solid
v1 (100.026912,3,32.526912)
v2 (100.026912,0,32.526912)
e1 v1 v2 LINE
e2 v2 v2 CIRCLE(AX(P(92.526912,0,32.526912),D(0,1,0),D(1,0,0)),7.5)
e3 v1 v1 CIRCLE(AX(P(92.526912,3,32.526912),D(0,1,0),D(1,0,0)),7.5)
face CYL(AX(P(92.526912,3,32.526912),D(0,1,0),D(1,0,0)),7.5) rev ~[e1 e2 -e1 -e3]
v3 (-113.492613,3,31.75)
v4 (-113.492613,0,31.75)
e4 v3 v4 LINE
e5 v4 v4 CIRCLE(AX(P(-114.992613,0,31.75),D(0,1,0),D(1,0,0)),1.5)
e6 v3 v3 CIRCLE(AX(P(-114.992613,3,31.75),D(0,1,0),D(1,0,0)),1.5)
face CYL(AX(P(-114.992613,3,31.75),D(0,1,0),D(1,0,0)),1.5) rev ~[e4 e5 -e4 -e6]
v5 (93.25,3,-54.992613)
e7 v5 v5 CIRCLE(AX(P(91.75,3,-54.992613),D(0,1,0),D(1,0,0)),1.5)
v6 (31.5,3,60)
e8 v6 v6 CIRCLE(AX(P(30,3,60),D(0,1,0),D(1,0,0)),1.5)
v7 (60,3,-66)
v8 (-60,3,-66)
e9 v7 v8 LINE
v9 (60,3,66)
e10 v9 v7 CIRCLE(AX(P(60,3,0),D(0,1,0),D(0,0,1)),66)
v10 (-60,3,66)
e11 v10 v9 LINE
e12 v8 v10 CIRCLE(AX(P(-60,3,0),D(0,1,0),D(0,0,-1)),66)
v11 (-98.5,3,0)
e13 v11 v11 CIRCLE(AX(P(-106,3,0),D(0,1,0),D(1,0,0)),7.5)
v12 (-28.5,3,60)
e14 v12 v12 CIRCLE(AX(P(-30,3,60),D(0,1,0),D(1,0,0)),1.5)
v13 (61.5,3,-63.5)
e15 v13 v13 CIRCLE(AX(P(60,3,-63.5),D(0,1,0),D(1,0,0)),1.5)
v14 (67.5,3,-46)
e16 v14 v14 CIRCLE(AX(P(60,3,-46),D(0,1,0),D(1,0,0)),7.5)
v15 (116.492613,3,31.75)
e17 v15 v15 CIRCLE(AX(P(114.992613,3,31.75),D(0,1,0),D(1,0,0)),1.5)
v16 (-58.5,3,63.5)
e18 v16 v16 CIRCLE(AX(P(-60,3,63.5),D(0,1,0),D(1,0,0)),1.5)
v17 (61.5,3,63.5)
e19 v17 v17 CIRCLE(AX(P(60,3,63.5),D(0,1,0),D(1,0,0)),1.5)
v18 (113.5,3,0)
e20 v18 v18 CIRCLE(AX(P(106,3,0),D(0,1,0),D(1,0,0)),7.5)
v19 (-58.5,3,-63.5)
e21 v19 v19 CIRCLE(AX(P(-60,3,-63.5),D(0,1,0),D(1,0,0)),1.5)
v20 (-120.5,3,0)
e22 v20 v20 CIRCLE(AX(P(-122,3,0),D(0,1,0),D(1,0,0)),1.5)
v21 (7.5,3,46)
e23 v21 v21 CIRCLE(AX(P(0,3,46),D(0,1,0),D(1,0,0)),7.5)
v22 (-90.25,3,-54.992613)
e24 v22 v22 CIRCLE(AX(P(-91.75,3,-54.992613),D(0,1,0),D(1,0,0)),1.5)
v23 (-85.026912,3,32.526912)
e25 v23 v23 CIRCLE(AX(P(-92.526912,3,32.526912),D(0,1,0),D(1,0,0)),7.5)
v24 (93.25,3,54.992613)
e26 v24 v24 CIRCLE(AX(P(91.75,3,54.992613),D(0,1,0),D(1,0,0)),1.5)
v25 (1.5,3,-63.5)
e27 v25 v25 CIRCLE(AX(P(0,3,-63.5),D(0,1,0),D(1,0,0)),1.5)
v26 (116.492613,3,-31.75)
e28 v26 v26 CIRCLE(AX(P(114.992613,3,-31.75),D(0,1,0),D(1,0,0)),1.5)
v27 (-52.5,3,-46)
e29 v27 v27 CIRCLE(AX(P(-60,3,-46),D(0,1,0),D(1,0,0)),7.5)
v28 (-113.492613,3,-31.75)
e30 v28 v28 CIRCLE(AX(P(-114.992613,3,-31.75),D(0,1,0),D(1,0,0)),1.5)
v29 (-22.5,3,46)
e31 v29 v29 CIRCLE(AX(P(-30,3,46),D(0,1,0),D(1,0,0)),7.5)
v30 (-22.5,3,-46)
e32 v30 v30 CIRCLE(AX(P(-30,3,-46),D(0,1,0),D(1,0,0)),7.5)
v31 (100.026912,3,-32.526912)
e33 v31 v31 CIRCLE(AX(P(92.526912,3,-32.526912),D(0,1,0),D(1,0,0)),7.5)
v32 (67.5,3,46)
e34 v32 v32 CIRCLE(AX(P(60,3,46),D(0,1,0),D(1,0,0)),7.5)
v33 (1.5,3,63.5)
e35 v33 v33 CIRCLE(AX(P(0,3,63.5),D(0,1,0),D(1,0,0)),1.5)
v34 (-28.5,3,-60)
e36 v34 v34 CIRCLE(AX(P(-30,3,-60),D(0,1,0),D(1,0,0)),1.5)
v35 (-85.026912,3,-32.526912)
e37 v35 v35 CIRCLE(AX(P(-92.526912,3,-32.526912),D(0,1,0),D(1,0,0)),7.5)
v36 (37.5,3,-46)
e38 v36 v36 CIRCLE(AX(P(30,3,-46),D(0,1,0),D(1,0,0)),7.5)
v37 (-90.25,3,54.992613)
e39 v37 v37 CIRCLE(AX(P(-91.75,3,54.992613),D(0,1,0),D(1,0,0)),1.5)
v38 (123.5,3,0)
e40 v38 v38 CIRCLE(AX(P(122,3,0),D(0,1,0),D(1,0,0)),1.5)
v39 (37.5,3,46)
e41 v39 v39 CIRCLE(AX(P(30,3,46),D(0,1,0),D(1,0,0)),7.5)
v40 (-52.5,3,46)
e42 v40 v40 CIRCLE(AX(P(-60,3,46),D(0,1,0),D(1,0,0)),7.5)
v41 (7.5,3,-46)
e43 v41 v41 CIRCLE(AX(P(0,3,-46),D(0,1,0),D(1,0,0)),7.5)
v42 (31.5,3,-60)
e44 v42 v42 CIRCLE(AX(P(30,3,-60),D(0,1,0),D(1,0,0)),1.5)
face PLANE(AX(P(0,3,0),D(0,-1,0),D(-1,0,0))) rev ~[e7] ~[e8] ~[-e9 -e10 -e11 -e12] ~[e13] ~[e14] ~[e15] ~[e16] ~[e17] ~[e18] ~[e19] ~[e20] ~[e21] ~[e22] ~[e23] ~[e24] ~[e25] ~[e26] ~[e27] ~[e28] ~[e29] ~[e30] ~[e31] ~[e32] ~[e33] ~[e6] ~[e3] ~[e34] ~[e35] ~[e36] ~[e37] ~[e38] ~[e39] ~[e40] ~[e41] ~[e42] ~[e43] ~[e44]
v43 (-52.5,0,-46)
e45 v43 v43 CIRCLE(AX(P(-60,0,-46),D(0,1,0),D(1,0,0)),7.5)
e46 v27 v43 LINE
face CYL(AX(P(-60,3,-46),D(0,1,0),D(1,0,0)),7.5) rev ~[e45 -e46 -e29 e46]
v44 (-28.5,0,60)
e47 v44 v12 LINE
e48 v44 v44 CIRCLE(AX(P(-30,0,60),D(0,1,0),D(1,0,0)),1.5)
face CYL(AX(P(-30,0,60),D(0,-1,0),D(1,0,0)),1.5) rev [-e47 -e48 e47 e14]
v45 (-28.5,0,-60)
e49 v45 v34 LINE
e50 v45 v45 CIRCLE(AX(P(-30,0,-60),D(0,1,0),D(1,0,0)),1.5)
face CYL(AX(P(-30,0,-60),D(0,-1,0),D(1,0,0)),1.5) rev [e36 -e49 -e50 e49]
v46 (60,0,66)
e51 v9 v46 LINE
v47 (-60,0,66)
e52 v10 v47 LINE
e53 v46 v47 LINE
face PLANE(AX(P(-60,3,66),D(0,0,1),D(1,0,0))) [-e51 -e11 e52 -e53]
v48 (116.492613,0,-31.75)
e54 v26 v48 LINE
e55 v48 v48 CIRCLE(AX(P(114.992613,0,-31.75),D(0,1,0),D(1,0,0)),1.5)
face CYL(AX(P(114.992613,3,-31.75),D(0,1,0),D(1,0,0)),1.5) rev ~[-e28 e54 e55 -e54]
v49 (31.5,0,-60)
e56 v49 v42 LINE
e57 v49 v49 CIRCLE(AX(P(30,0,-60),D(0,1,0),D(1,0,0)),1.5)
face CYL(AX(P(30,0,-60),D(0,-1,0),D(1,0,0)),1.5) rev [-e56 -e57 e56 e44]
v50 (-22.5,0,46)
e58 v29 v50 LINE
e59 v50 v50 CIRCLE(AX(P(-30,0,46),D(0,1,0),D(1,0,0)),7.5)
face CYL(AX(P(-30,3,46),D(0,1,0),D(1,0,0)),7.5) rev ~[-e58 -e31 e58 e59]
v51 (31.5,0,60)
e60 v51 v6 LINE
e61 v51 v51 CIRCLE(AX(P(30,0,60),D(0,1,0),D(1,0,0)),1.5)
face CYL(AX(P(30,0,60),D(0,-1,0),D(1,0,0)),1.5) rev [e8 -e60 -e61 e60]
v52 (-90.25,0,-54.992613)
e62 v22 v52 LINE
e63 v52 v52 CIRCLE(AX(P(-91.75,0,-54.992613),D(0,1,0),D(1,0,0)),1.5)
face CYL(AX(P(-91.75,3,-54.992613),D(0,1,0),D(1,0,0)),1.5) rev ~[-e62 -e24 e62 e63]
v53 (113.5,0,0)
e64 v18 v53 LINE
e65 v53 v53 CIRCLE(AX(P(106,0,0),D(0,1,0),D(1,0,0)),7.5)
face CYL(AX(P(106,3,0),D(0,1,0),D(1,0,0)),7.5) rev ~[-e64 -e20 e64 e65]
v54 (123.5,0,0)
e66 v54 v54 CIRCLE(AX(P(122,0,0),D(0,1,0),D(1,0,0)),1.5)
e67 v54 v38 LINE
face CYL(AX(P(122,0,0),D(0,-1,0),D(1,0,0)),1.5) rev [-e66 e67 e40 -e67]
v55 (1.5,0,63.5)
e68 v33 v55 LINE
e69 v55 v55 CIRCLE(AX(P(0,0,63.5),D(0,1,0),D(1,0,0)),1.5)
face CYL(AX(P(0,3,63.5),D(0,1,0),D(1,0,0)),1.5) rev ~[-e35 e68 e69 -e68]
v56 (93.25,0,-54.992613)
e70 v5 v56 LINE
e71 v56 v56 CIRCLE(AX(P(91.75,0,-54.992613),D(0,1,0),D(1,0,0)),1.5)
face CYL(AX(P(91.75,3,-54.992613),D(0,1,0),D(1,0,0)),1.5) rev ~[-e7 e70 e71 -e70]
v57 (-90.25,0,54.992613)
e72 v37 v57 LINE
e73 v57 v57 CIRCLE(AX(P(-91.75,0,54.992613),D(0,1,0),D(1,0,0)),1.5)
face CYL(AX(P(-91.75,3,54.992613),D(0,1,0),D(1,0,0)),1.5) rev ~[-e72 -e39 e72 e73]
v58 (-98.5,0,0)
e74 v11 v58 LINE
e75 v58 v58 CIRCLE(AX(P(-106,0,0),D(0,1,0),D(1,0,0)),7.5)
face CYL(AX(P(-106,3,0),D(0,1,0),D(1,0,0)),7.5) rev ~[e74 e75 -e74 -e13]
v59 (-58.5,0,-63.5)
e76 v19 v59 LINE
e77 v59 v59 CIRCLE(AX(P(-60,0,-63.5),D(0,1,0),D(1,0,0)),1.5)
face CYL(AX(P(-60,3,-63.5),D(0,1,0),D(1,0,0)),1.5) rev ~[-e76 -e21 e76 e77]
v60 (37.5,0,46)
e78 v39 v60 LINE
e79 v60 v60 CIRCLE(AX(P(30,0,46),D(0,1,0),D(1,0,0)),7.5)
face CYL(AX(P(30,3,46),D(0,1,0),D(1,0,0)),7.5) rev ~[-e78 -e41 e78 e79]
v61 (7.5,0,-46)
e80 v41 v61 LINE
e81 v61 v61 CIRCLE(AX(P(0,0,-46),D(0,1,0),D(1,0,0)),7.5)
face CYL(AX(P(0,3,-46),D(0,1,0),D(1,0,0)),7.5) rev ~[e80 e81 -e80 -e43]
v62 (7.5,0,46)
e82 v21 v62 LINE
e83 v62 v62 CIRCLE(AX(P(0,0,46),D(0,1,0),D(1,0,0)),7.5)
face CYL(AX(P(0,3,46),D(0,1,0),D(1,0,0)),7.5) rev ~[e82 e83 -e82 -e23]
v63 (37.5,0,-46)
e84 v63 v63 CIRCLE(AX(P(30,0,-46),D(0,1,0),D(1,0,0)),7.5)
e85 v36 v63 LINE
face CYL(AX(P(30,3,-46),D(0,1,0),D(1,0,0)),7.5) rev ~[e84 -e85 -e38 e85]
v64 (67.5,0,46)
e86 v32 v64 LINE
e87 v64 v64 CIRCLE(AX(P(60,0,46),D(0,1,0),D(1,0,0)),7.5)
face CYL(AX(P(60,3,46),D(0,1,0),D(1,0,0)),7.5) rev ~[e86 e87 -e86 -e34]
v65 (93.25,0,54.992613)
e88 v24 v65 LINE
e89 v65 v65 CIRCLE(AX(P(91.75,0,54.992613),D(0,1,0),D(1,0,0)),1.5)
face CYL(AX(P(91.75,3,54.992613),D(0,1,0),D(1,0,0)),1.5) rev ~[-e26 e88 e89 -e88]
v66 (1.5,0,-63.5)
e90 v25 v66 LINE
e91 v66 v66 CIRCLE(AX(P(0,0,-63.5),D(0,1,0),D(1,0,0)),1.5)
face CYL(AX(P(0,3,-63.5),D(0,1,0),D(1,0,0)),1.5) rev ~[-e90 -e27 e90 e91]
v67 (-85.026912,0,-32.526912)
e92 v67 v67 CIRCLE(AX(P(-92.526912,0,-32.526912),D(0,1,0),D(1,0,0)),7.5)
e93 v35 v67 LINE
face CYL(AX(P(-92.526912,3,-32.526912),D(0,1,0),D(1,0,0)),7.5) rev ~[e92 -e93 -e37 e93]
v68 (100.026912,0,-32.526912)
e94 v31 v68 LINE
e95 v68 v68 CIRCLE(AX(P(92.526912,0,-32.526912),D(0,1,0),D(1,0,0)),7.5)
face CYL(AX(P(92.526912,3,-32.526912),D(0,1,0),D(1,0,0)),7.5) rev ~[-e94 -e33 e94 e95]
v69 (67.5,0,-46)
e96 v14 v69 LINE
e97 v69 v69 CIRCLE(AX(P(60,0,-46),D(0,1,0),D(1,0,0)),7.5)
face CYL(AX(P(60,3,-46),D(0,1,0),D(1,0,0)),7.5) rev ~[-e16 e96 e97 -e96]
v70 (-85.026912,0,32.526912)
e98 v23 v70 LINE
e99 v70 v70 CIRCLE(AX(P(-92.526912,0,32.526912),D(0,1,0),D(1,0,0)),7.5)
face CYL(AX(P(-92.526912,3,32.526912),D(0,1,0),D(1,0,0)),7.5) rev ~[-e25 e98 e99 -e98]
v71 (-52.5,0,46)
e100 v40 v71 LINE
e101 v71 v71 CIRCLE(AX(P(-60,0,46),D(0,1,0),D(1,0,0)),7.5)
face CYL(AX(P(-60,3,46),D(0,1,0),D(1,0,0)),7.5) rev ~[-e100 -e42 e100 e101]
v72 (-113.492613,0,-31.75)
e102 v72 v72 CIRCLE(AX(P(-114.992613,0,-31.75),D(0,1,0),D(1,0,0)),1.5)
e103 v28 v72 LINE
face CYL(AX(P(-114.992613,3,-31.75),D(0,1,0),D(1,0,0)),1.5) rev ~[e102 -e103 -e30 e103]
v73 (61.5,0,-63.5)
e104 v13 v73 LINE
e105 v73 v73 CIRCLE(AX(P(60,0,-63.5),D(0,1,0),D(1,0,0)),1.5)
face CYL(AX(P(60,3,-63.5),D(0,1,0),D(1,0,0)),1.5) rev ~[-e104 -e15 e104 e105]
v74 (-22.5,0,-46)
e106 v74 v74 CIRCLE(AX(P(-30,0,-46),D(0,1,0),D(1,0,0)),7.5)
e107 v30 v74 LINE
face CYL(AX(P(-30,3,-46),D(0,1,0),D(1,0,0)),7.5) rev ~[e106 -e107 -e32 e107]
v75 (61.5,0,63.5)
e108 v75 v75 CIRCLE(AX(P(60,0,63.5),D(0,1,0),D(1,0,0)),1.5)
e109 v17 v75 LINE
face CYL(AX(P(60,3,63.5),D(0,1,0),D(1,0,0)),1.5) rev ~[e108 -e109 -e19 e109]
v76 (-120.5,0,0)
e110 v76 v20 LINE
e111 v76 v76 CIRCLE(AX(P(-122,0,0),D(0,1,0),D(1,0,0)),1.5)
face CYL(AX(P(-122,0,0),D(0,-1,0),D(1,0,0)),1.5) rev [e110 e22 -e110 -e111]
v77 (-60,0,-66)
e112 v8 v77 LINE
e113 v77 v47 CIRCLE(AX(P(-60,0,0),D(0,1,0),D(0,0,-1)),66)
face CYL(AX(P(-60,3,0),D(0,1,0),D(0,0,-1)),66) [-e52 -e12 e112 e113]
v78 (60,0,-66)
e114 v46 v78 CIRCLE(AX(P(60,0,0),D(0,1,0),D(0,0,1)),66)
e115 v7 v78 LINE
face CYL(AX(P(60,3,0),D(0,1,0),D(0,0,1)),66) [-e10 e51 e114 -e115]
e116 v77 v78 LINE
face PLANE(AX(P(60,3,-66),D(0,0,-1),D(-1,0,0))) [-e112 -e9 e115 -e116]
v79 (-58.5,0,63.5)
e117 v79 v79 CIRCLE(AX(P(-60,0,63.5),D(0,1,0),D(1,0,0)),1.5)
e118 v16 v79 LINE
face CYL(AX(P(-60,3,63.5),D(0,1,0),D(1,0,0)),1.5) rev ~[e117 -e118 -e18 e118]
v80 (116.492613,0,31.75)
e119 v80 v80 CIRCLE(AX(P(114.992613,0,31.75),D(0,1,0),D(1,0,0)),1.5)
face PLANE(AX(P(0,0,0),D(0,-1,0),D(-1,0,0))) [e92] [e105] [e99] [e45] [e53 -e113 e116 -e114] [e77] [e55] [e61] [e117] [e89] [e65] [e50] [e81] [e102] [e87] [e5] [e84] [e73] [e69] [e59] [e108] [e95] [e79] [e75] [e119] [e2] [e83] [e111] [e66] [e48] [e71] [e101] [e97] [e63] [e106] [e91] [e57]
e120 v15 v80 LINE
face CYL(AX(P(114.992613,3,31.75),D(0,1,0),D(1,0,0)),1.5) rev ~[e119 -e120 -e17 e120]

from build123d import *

# Parameters (mm, degrees)
SKETCH_1_R          = 1.5
EXTRUDE_2_DEPTH     = 3
CUT_EXTRUDE_1_DEPTH = 10
SKETCH_4_R          = 7.5
CUT_EXTRUDE_2_DEPTH = 10
SKETCH_5_R          = 1.5
CUT_EXTRUDE_3_DEPTH = 10


with BuildPart() as part:
    # 草图1 → 凸台-拉伸2 (new body)
    with BuildSketch(Plane(origin=(0, 0, 0), x_dir=(1, 0, 0), z_dir=(0, 1, 0))):
        with BuildLine():
            Line((-60, 70), (60, 70))
            ThreePointArc((60, 70), (130, 0), (60, -70))
            Line((60, -70), (-60, -70))
            ThreePointArc((-60, -70), (-130, 0), (-60, 70))
        make_face()
        with Locations((-122, 0)):
            Circle(SKETCH_1_R, mode=Mode.SUBTRACT)
        with Locations((122, 0)):
            Circle(SKETCH_1_R, mode=Mode.SUBTRACT)
        with Locations((-30, 60)):
            Circle(SKETCH_1_R, mode=Mode.SUBTRACT)
        with Locations((30, 60)):
            Circle(SKETCH_1_R, mode=Mode.SUBTRACT)
        with Locations((30, -60)):
            Circle(SKETCH_1_R, mode=Mode.SUBTRACT)
        with Locations((-30, -60)):
            Circle(SKETCH_1_R, mode=Mode.SUBTRACT)
    extrude(amount=EXTRUDE_2_DEPTH)

    # 草图3 → 切除-拉伸1 (cut)
    with BuildSketch(Plane(origin=(0, 3, 0), x_dir=(1, 0, 0), z_dir=(0, 1, 0))):
        with BuildLine():
            Line((-60, -70), (60, -70))
            ThreePointArc((60, -70), (130, 0), (60, 70))
            Line((60, 70), (-60, 70))
            ThreePointArc((-60, 70), (-130, 0), (-60, -70))
        make_face()
        with BuildLine():
            Line((-60, -66), (60, -66))
            ThreePointArc((60, -66), (126, 0), (60, 66))
            Line((60, 66), (-60, 66))
            ThreePointArc((-60, 66), (-126, 0), (-60, -66))
        make_face(mode=Mode.SUBTRACT)
    extrude(amount=-CUT_EXTRUDE_1_DEPTH, mode=Mode.SUBTRACT)

    # 草图4 → 切除-拉伸2 (cut)
    with BuildSketch(Plane(origin=(0, 3, 0), x_dir=(1, 0, 0), z_dir=(0, 1, 0))):
        with Locations((-106, 0)):
            Circle(SKETCH_4_R)
        with Locations((106, 0)):
            Circle(SKETCH_4_R)
        with Locations((0, 46)):
            Circle(SKETCH_4_R)
        with Locations((0, -46)):
            Circle(SKETCH_4_R)
        with Locations((-60, -46)):
            Circle(SKETCH_4_R)
        with Locations((60, -46)):
            Circle(SKETCH_4_R)
        with Locations((30, -46)):
            Circle(SKETCH_4_R)
        with Locations((-30, -46)):
            Circle(SKETCH_4_R)
        with Locations((-92.526911935, -32.526911935)):
            Circle(SKETCH_4_R)
        with Locations((60, 46)):
            Circle(SKETCH_4_R)
        with Locations((30, 46)):
            Circle(SKETCH_4_R)
        with Locations((-92.526911935, 32.526911935)):
            Circle(SKETCH_4_R)
        with Locations((-30, 46)):
            Circle(SKETCH_4_R)
        with Locations((-60, 46)):
            Circle(SKETCH_4_R)
        with Locations((92.526911935, -32.526911935)):
            Circle(SKETCH_4_R)
        with Locations((92.526911935, 32.526911935)):
            Circle(SKETCH_4_R)
    extrude(amount=-CUT_EXTRUDE_2_DEPTH, mode=Mode.SUBTRACT)

    # 草图5 → 切除-拉伸3 (cut)
    with BuildSketch(Plane(origin=(0, 3, 0), x_dir=(1, 0, 0), z_dir=(0, 1, 0))):
        with Locations((-60, 63.5)):
            Circle(SKETCH_5_R)
        with Locations((114.99261314, 31.75)):
            Circle(SKETCH_5_R)
        with Locations((0, 63.5)):
            Circle(SKETCH_5_R)
        with Locations((60, 63.5)):
            Circle(SKETCH_5_R)
        with Locations((91.75, 54.99261314)):
            Circle(SKETCH_5_R)
        with Locations((91.75, -54.99261314)):
            Circle(SKETCH_5_R)
        with Locations((114.99261314, -31.75)):
            Circle(SKETCH_5_R)
        with Locations((-91.75, -54.99261314)):
            Circle(SKETCH_5_R)
        with Locations((-114.99261314, -31.75)):
            Circle(SKETCH_5_R)
        with Locations((-91.75, 54.99261314)):
            Circle(SKETCH_5_R)
        with Locations((-114.99261314, 31.75)):
            Circle(SKETCH_5_R)
        with Locations((60, -63.5)):
            Circle(SKETCH_5_R)
        with Locations((0, -63.5)):
            Circle(SKETCH_5_R)
        with Locations((-60, -63.5)):
            Circle(SKETCH_5_R)
    extrude(amount=-CUT_EXTRUDE_3_DEPTH, mode=Mode.SUBTRACT)


solid = part.part
